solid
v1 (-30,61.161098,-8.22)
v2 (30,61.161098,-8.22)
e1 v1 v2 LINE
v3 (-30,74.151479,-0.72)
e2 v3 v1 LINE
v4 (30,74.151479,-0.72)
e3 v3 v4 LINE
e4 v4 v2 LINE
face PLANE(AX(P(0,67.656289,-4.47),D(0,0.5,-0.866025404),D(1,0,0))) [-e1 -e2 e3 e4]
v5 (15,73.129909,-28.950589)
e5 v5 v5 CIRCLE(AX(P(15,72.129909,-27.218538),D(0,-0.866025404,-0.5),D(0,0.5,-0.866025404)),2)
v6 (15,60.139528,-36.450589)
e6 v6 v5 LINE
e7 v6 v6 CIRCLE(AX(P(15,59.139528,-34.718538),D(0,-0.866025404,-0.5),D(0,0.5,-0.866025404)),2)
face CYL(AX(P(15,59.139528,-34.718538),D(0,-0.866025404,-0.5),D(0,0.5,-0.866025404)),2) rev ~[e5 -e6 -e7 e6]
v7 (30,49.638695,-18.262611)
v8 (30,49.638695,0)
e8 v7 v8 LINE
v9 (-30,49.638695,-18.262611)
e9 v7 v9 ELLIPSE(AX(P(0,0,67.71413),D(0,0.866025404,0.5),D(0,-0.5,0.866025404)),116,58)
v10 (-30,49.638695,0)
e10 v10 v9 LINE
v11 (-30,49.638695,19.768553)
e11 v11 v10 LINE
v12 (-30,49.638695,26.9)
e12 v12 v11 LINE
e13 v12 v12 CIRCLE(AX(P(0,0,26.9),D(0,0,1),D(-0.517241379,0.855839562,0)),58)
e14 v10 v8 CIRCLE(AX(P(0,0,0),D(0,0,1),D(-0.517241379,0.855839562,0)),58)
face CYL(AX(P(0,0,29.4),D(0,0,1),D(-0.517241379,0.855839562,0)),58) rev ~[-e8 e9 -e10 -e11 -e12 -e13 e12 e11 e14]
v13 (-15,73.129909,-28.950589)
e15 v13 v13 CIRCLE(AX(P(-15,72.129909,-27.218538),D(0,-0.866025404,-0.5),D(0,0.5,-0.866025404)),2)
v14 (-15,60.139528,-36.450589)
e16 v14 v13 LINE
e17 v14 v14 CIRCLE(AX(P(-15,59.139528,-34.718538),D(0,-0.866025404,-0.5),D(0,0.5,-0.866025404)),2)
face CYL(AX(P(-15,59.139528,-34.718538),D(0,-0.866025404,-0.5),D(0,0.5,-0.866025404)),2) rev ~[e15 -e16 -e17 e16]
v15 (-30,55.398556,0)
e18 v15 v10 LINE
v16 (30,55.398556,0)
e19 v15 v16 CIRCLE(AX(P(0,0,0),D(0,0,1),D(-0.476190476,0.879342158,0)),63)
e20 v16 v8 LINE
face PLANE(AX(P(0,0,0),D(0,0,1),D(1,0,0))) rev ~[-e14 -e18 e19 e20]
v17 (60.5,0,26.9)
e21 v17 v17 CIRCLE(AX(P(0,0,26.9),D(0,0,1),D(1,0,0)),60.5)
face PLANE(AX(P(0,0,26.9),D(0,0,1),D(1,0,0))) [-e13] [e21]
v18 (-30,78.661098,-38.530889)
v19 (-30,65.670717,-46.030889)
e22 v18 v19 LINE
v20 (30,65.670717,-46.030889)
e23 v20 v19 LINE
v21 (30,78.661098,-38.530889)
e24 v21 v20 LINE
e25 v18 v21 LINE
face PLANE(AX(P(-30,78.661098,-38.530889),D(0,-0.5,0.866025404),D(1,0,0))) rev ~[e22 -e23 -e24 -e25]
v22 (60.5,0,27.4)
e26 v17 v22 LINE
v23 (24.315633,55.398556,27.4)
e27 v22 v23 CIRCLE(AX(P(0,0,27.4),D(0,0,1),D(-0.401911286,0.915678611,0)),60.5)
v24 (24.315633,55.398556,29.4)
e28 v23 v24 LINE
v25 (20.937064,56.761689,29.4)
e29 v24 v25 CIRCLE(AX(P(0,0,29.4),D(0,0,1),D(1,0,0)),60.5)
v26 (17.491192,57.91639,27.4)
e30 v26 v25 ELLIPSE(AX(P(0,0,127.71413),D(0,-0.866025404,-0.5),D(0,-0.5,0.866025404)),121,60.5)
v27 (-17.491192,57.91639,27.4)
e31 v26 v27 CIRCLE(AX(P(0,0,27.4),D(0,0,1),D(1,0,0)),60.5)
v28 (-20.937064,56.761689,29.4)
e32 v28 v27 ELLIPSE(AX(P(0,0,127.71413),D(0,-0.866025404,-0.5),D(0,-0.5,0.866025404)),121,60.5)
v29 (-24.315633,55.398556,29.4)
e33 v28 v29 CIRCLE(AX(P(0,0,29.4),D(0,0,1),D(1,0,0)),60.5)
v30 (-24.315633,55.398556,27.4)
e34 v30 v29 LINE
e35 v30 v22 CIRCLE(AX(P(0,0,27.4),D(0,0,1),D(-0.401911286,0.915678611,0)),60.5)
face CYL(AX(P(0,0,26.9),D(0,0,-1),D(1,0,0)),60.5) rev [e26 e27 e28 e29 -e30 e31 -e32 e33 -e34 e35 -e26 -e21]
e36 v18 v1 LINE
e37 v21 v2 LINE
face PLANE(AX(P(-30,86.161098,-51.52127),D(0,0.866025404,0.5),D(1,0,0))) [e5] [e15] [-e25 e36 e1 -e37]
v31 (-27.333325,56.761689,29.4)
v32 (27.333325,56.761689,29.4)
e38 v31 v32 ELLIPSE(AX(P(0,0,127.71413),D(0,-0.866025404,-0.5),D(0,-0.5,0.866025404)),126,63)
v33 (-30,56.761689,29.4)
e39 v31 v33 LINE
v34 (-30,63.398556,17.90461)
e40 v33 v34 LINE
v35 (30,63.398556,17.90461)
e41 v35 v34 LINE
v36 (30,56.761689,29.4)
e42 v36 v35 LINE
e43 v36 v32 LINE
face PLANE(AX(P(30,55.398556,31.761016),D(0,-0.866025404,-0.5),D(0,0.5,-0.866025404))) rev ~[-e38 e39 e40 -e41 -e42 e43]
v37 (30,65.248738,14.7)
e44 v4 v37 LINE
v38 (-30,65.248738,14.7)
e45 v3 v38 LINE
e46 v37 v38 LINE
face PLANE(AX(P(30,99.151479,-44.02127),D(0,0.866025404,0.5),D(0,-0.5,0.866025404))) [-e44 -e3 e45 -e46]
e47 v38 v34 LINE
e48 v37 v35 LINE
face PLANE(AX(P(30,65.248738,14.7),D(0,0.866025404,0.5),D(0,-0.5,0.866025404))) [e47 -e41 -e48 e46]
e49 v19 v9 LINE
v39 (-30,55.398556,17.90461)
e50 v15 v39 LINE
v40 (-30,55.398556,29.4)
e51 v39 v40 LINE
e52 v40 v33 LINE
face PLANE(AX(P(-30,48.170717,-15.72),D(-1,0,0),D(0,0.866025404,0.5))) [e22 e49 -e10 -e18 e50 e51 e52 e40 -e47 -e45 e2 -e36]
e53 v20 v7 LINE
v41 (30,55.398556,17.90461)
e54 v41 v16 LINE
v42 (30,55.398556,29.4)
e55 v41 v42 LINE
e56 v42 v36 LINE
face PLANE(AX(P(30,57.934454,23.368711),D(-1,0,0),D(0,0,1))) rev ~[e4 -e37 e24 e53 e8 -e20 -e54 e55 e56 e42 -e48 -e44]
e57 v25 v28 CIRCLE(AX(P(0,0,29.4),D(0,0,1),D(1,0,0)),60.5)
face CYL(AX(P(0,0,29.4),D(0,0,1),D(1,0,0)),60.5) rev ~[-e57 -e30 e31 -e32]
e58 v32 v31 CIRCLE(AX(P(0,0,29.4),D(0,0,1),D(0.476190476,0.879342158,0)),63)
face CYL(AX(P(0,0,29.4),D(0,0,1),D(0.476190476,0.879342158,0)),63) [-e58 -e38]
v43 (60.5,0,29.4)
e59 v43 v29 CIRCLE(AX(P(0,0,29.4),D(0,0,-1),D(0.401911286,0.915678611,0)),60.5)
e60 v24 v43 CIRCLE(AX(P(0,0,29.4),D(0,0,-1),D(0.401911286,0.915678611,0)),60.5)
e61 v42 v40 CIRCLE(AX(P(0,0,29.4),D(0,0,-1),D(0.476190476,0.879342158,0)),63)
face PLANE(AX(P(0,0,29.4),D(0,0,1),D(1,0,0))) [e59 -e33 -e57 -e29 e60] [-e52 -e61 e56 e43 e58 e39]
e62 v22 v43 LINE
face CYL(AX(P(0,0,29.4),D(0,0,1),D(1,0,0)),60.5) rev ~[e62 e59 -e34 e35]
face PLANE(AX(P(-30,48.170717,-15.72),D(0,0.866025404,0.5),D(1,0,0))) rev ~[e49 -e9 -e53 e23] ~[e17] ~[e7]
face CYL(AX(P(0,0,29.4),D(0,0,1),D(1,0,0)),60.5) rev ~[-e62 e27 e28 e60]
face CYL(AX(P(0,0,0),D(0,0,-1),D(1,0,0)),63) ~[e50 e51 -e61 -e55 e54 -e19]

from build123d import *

# Parameters (mm, degrees)
SKETCH1_R                  = 63
SKETCH1_R_2                = 58
BOSS_EXTRUDE1_DEPTH        = 29.4
SKETCH2_R                  = 60.5
SKETCH2_R_2                = 58
CUT_EXTRUDE1_DEPTH         = 2
BOSS_EXTRUDE2_REACH        = 115.821
BOSS_EXTRUDE2_START_RADIUS = 63
BOSS_EXTRUDE2_END_RADIUS   = 63
SKETCH3_W                  = 60
SKETCH3_H                  = 29.4
SKETCH5_W                  = 29.4
SKETCH5_H                  = 24.463774017
CUT_EXTRUDE2_DEPTH         = 60
BOSS_EXTRUDE3_DEPTH        = 60
SKETCH7_W                  = 60
SKETCH7_H                  = 58.8
BOSS_EXTRUDE4_DEPTH        = 50
CUT_EXTRUDE3_REACH         = 184.817
SKETCH9_W                  = 60
SKETCH9_H                  = 50
BOSS_EXTRUDE5_DEPTH        = 31.44
SKETCH10_W                 = 60
SKETCH10_H                 = 31.44
BOSS_EXTRUDE6_DEPTH        = 30
SKETCH11_R                 = 58
CUT_EXTRUDE4_DEPTH         = 167.216683318
SKETCH14_W                 = 60
SKETCH14_H                 = 50.574659949
CUT_EXTRUDE5_DEPTH         = 14.7
CUT_EXTRUDE6_REACH         = 169.252
BOSS_EXTRUDE7_REACH        = 150.201
BOSS_EXTRUDE10_DEPTH       = 60
SKETCH17_R                 = 58
CUT_EXTRUDE7_DEPTH         = 148.031754667
CUT_EXTRUDE7_DEPTH_BACK    = 148.031754667
CUT_EXTRUDE13_START        = -2.5
SKETCH26_R                 = 60.5
SKETCH26_R_2               = 57.5
CUT_EXTRUDE13_DEPTH        = 10
SKETCH27_R                 = 63
SKETCH27_R_2               = 60.5
CUT_EXTRUDE14_DEPTH        = 10
SKETCH28_R                 = 82.177963531
CUT_EXTRUDE15_DEPTH        = 10
SKETCH18_W                 = 60
SKETCH18_H                 = 15
CUT_EXTRUDE8_DEPTH         = 50
SKETCH29_R                 = 2
CUT_EXTRUDE16_DEPTH        = 15
CUT_EXTRUDE17_REACH        = 150.403
SKETCH30_W                 = 60
SKETCH30_H                 = 15


with BuildPart() as part:
    # Sketch1 → Boss-Extrude1 (new body)
    with BuildSketch(Plane.XY):
        Circle(SKETCH1_R)
        Circle(SKETCH1_R_2, mode=Mode.SUBTRACT)
    extrude(amount=BOSS_EXTRUDE1_DEPTH)

    # Sketch2 → Cut-Extrude1 (cut)
    with BuildSketch(Plane.XY.offset(29.4)):
        Circle(SKETCH2_R)
        Circle(SKETCH2_R_2, mode=Mode.SUBTRACT)
    extrude(amount=-CUT_EXTRUDE1_DEPTH, mode=Mode.SUBTRACT)

    # Boss-Extrude2: from a cylinder face, 115.821 long prism both ways, kept between that surface and its translate by the depth
    boss_extrude2_start = Plane(origin=(0, 0, 14.7), z_dir=(0, 0, -1)) * Cylinder(BOSS_EXTRUDE2_START_RADIUS, 358.642, mode=Mode.PRIVATE)
    boss_extrude2_end = Plane(origin=(0, 20, 14.7), z_dir=(0, 0, -1)) * Cylinder(BOSS_EXTRUDE2_END_RADIUS, 358.642, mode=Mode.PRIVATE)
    # Sketch3 → Boss-Extrude2 (add, from a surface)
    with BuildSketch(Plane(origin=(0, 0, 0), x_dir=(1, 0, 0), z_dir=(0, 1, 0)), mode=Mode.PRIVATE) as boss_extrude2_sk1:
        with Locations((0, -14.7)):
            Rectangle(SKETCH3_W, SKETCH3_H)
    boss_extrude2_tool1 = extrude(boss_extrude2_sk1.sketch, amount=BOSS_EXTRUDE2_REACH, both=True, mode=Mode.PRIVATE)
    add(((boss_extrude2_tool1 - boss_extrude2_start) & boss_extrude2_end).solids().sort_by_distance((0, 65.398556, 14.7))[0])

    # Sketch5 → Cut-Extrude2 (cut)
    with BuildSketch(Plane.ZY.offset(30)):
        with Locations((14.7, 87.630442947)):
            Rectangle(SKETCH5_W, SKETCH5_H)
    extrude(amount=-CUT_EXTRUDE2_DEPTH, mode=Mode.SUBTRACT)

    # Sketch6 → Boss-Extrude3 (add)
    with BuildSketch(Plane.ZY.offset(30)):
        Polygon((0, 75.398555938), (29.4, 126.32084968), (29.4, 75.398555938), align=None)
    extrude(amount=-BOSS_EXTRUDE3_DEPTH)

    # Sketch7 → Boss-Extrude4 (add)
    with BuildSketch(Plane(origin=(0, 18.849638984, -32.648532425), x_dir=(1, 0, 0), z_dir=(0, 0.500000000000004, -0.8660254037844364))):
        with Locations((0, -94.697064851)):
            Rectangle(SKETCH7_W, SKETCH7_H)
    extrude(amount=BOSS_EXTRUDE4_DEPTH)

    # Sketch8 → Cut-Extrude3 (cut, up to next)
    with BuildSketch(Plane(origin=(30, 0, 0), x_dir=(0, 0, -1), z_dir=(1, 0, 0)), mode=Mode.PRIVATE) as cut_extrude3_sk1:
        Polygon((28.601270189, 125.859702809), (-29.4, 92.372653852), (-29.4, 126.32084968), (13.901270189, 151.32084968), align=None)
    cut_extrude3_tool1 = extrude(cut_extrude3_sk1.sketch, amount=-CUT_EXTRUDE3_REACH, mode=Mode.PRIVATE) & part.part
    add(cut_extrude3_tool1.solids().sort_by_distance((30, 123.250107, 3.896605))[0], mode=Mode.SUBTRACT)

    # Sketch9 → Boss-Extrude5 (add)
    with BuildSketch(Plane(origin=(0, 56.548916953, 32.648532425), x_dir=(1, 0, 0), z_dir=(0, -0.8660254037844365, -0.500000000000004))):
        with Locations((0, -62.699277969)):
            Rectangle(SKETCH9_W, SKETCH9_H)
    extrude(amount=BOSS_EXTRUDE5_DEPTH)

    # Sketch10 → Boss-Extrude6 (add)
    with BuildSketch(Plane(origin=(0, 18.849638984, -32.648532425), x_dir=(1, 0, 0), z_dir=(0, -0.500000000000004, 0.8660254037844364))):
        with Locations((0, 49.577064851)):
            Rectangle(SKETCH10_W, SKETCH10_H)
    extrude(amount=BOSS_EXTRUDE6_DEPTH)

    # Sketch11 → Cut-Extrude4 (cut, through all)
    with BuildSketch(Plane.XY.offset(29.4)):
        with Locations(Location((0, 0, 0), (0, 0, 121.147389922))):
            Circle(SKETCH11_R)
    extrude(amount=-CUT_EXTRUDE4_DEPTH, mode=Mode.SUBTRACT)

    # Sketch14 → Cut-Extrude5 (cut)
    with BuildSketch(Plane.XY.offset(29.4)):
        with Locations((0, 117.659983826)):
            Rectangle(SKETCH14_W, SKETCH14_H)
        with BuildLine():
            ThreePointArc((30, 55.398555938), (0, 63), (-30, 55.398555938))
            Line((-30, 55.398555938), (-30, 92.372653852))
            Line((-30, 92.372653852), (30, 92.372653852))
            Line((30, 92.372653852), (30, 55.398555938))
        make_face()
    extrude(amount=-CUT_EXTRUDE5_DEPTH, mode=Mode.SUBTRACT)

    # Sketch15 → Cut-Extrude6 (cut, up to next)
    with BuildSketch(Plane(origin=(30, 0, 0), x_dir=(0, 0, -1), z_dir=(1, 0, 0)), mode=Mode.PRIVATE) as cut_extrude6_sk1:
        Polygon((44.021270189, 99.151479356), (-14.7, 65.248738206), (-14.7, 100.859702809), (28.601270189, 125.859702809), align=None)
    cut_extrude6_tool1 = extrude(cut_extrude6_sk1.sketch, amount=-CUT_EXTRUDE6_REACH, mode=Mode.PRIVATE) & part.part
    add(cut_extrude6_tool1.solids().sort_by_distance((30, 96.99498, -10.999854))[0], mode=Mode.SUBTRACT)

    # Boss-Extrude7: up to this face of the body (flat: up to its plane)
    boss_extrude7_end = Plane(part.part.faces().sort_by_distance((-30, 70.930733499, -23.393070455))[0])
    # Sketch16 → Boss-Extrude7 (add, up to the picked face)
    with BuildSketch(Plane(origin=(30, 0, 0), x_dir=(0, 0, -1), z_dir=(1, 0, 0)), mode=Mode.PRIVATE) as boss_extrude7_sk1:
        Polygon((-17.904609691, 55.398555938), (-14.7, 55.398555938), (-14.7, 65.248738206), (-17.904609691, 63.398555938), align=None)
    boss_extrude7_tool1 = split(extrude(boss_extrude7_sk1.sketch, amount=-BOSS_EXTRUDE7_REACH, mode=Mode.PRIVATE), bisect_by=boss_extrude7_end, keep=Keep.BOTH, mode=Mode.PRIVATE)
    add(boss_extrude7_tool1.solids().sort_by(Axis((30, 59.877083, 16.246945), (-1, 0, 0)))[0])

    # Sketch25 → Boss-Extrude10 (add)
    with BuildSketch(Plane(origin=(30, 0, 0), x_dir=(0, 0, -1), z_dir=(1, 0, 0))):
        Polygon((-17.904609691, 55.398555938), (-31.761016151, 55.398555938), (-17.904609691, 63.398555938), align=None)
    extrude(amount=-BOSS_EXTRUDE10_DEPTH)

    # Sketch17 → Cut-Extrude7 (cut, two sides)
    with BuildSketch(Plane.XY.offset(29.4)) as cut_extrude7_sk:
        with Locations(Location((0, 0, 0), (0, 0, 121.147389922))):
            Circle(SKETCH17_R)
    extrude(amount=CUT_EXTRUDE7_DEPTH, mode=Mode.SUBTRACT)
    extrude(cut_extrude7_sk.sketch, amount=-CUT_EXTRUDE7_DEPTH_BACK, mode=Mode.SUBTRACT)

    # Sketch26 → Cut-Extrude13 (cut)
    with BuildSketch(Plane.XY.offset(29.4).offset(CUT_EXTRUDE13_START)):
        Circle(SKETCH26_R)
        Circle(SKETCH26_R_2, mode=Mode.SUBTRACT)
    extrude(amount=CUT_EXTRUDE13_DEPTH, mode=Mode.SUBTRACT)

    # Sketch27 → Cut-Extrude14 (cut)
    with BuildSketch(Plane.XY.offset(29.4)):
        Circle(SKETCH27_R)
        Circle(SKETCH27_R_2, mode=Mode.SUBTRACT)
    extrude(amount=CUT_EXTRUDE14_DEPTH, mode=Mode.SUBTRACT)

    # Sketch28 → Cut-Extrude15 (cut)
    with BuildSketch(Plane.XY.offset(29.4)):
        Circle(SKETCH28_R)
    extrude(amount=CUT_EXTRUDE15_DEPTH, mode=Mode.SUBTRACT)

    # Sketch18 → Cut-Extrude8 (cut)
    with BuildSketch(Plane(origin=(0, 43.849638984, -75.949802615), x_dir=(1, 0, 0), z_dir=(0, 0.500000000000004, -0.8660254037844364))):
        with Locations((0, -56.357064851)):
            Rectangle(SKETCH18_W, SKETCH18_H)
    extrude(amount=-CUT_EXTRUDE8_DEPTH, mode=Mode.SUBTRACT)

    # Sketch29 → Cut-Extrude16 (cut)
    with BuildSketch(Plane(origin=(0, 29.321078258, 16.928532425), x_dir=(1, 0, 0), z_dir=(0, -0.8660254037844362, -0.5000000000000041))):
        with Locations(Location((-15, -59.636899675, 0), (0, 0, 270))):
            Circle(SKETCH29_R)
        with Locations(Location((15, -59.636899675, 0), (0, 0, 270))):
            Circle(SKETCH29_R)
    extrude(amount=-CUT_EXTRUDE16_DEPTH, mode=Mode.SUBTRACT)

    # Sketch30 → Cut-Extrude17 (cut, up to next)
    with BuildSketch(Plane(origin=(0, 42.311459315, 24.428532425), x_dir=(1, 0, 0), z_dir=(0, 0.8660254037844364, 0.5000000000000041)), mode=Mode.PRIVATE) as cut_extrude17_sk1:
        with Locations((0, 80.199277969)):
            Rectangle(SKETCH30_W, SKETCH30_H)
    cut_extrude17_tool1 = extrude(cut_extrude17_sk1.sketch, amount=-CUT_EXTRUDE17_REACH, mode=Mode.PRIVATE) & part.part
    add(cut_extrude17_tool1.solids().sort_by_distance((0, 82.411098, -45.02608))[0], mode=Mode.SUBTRACT)


solid = part.part
